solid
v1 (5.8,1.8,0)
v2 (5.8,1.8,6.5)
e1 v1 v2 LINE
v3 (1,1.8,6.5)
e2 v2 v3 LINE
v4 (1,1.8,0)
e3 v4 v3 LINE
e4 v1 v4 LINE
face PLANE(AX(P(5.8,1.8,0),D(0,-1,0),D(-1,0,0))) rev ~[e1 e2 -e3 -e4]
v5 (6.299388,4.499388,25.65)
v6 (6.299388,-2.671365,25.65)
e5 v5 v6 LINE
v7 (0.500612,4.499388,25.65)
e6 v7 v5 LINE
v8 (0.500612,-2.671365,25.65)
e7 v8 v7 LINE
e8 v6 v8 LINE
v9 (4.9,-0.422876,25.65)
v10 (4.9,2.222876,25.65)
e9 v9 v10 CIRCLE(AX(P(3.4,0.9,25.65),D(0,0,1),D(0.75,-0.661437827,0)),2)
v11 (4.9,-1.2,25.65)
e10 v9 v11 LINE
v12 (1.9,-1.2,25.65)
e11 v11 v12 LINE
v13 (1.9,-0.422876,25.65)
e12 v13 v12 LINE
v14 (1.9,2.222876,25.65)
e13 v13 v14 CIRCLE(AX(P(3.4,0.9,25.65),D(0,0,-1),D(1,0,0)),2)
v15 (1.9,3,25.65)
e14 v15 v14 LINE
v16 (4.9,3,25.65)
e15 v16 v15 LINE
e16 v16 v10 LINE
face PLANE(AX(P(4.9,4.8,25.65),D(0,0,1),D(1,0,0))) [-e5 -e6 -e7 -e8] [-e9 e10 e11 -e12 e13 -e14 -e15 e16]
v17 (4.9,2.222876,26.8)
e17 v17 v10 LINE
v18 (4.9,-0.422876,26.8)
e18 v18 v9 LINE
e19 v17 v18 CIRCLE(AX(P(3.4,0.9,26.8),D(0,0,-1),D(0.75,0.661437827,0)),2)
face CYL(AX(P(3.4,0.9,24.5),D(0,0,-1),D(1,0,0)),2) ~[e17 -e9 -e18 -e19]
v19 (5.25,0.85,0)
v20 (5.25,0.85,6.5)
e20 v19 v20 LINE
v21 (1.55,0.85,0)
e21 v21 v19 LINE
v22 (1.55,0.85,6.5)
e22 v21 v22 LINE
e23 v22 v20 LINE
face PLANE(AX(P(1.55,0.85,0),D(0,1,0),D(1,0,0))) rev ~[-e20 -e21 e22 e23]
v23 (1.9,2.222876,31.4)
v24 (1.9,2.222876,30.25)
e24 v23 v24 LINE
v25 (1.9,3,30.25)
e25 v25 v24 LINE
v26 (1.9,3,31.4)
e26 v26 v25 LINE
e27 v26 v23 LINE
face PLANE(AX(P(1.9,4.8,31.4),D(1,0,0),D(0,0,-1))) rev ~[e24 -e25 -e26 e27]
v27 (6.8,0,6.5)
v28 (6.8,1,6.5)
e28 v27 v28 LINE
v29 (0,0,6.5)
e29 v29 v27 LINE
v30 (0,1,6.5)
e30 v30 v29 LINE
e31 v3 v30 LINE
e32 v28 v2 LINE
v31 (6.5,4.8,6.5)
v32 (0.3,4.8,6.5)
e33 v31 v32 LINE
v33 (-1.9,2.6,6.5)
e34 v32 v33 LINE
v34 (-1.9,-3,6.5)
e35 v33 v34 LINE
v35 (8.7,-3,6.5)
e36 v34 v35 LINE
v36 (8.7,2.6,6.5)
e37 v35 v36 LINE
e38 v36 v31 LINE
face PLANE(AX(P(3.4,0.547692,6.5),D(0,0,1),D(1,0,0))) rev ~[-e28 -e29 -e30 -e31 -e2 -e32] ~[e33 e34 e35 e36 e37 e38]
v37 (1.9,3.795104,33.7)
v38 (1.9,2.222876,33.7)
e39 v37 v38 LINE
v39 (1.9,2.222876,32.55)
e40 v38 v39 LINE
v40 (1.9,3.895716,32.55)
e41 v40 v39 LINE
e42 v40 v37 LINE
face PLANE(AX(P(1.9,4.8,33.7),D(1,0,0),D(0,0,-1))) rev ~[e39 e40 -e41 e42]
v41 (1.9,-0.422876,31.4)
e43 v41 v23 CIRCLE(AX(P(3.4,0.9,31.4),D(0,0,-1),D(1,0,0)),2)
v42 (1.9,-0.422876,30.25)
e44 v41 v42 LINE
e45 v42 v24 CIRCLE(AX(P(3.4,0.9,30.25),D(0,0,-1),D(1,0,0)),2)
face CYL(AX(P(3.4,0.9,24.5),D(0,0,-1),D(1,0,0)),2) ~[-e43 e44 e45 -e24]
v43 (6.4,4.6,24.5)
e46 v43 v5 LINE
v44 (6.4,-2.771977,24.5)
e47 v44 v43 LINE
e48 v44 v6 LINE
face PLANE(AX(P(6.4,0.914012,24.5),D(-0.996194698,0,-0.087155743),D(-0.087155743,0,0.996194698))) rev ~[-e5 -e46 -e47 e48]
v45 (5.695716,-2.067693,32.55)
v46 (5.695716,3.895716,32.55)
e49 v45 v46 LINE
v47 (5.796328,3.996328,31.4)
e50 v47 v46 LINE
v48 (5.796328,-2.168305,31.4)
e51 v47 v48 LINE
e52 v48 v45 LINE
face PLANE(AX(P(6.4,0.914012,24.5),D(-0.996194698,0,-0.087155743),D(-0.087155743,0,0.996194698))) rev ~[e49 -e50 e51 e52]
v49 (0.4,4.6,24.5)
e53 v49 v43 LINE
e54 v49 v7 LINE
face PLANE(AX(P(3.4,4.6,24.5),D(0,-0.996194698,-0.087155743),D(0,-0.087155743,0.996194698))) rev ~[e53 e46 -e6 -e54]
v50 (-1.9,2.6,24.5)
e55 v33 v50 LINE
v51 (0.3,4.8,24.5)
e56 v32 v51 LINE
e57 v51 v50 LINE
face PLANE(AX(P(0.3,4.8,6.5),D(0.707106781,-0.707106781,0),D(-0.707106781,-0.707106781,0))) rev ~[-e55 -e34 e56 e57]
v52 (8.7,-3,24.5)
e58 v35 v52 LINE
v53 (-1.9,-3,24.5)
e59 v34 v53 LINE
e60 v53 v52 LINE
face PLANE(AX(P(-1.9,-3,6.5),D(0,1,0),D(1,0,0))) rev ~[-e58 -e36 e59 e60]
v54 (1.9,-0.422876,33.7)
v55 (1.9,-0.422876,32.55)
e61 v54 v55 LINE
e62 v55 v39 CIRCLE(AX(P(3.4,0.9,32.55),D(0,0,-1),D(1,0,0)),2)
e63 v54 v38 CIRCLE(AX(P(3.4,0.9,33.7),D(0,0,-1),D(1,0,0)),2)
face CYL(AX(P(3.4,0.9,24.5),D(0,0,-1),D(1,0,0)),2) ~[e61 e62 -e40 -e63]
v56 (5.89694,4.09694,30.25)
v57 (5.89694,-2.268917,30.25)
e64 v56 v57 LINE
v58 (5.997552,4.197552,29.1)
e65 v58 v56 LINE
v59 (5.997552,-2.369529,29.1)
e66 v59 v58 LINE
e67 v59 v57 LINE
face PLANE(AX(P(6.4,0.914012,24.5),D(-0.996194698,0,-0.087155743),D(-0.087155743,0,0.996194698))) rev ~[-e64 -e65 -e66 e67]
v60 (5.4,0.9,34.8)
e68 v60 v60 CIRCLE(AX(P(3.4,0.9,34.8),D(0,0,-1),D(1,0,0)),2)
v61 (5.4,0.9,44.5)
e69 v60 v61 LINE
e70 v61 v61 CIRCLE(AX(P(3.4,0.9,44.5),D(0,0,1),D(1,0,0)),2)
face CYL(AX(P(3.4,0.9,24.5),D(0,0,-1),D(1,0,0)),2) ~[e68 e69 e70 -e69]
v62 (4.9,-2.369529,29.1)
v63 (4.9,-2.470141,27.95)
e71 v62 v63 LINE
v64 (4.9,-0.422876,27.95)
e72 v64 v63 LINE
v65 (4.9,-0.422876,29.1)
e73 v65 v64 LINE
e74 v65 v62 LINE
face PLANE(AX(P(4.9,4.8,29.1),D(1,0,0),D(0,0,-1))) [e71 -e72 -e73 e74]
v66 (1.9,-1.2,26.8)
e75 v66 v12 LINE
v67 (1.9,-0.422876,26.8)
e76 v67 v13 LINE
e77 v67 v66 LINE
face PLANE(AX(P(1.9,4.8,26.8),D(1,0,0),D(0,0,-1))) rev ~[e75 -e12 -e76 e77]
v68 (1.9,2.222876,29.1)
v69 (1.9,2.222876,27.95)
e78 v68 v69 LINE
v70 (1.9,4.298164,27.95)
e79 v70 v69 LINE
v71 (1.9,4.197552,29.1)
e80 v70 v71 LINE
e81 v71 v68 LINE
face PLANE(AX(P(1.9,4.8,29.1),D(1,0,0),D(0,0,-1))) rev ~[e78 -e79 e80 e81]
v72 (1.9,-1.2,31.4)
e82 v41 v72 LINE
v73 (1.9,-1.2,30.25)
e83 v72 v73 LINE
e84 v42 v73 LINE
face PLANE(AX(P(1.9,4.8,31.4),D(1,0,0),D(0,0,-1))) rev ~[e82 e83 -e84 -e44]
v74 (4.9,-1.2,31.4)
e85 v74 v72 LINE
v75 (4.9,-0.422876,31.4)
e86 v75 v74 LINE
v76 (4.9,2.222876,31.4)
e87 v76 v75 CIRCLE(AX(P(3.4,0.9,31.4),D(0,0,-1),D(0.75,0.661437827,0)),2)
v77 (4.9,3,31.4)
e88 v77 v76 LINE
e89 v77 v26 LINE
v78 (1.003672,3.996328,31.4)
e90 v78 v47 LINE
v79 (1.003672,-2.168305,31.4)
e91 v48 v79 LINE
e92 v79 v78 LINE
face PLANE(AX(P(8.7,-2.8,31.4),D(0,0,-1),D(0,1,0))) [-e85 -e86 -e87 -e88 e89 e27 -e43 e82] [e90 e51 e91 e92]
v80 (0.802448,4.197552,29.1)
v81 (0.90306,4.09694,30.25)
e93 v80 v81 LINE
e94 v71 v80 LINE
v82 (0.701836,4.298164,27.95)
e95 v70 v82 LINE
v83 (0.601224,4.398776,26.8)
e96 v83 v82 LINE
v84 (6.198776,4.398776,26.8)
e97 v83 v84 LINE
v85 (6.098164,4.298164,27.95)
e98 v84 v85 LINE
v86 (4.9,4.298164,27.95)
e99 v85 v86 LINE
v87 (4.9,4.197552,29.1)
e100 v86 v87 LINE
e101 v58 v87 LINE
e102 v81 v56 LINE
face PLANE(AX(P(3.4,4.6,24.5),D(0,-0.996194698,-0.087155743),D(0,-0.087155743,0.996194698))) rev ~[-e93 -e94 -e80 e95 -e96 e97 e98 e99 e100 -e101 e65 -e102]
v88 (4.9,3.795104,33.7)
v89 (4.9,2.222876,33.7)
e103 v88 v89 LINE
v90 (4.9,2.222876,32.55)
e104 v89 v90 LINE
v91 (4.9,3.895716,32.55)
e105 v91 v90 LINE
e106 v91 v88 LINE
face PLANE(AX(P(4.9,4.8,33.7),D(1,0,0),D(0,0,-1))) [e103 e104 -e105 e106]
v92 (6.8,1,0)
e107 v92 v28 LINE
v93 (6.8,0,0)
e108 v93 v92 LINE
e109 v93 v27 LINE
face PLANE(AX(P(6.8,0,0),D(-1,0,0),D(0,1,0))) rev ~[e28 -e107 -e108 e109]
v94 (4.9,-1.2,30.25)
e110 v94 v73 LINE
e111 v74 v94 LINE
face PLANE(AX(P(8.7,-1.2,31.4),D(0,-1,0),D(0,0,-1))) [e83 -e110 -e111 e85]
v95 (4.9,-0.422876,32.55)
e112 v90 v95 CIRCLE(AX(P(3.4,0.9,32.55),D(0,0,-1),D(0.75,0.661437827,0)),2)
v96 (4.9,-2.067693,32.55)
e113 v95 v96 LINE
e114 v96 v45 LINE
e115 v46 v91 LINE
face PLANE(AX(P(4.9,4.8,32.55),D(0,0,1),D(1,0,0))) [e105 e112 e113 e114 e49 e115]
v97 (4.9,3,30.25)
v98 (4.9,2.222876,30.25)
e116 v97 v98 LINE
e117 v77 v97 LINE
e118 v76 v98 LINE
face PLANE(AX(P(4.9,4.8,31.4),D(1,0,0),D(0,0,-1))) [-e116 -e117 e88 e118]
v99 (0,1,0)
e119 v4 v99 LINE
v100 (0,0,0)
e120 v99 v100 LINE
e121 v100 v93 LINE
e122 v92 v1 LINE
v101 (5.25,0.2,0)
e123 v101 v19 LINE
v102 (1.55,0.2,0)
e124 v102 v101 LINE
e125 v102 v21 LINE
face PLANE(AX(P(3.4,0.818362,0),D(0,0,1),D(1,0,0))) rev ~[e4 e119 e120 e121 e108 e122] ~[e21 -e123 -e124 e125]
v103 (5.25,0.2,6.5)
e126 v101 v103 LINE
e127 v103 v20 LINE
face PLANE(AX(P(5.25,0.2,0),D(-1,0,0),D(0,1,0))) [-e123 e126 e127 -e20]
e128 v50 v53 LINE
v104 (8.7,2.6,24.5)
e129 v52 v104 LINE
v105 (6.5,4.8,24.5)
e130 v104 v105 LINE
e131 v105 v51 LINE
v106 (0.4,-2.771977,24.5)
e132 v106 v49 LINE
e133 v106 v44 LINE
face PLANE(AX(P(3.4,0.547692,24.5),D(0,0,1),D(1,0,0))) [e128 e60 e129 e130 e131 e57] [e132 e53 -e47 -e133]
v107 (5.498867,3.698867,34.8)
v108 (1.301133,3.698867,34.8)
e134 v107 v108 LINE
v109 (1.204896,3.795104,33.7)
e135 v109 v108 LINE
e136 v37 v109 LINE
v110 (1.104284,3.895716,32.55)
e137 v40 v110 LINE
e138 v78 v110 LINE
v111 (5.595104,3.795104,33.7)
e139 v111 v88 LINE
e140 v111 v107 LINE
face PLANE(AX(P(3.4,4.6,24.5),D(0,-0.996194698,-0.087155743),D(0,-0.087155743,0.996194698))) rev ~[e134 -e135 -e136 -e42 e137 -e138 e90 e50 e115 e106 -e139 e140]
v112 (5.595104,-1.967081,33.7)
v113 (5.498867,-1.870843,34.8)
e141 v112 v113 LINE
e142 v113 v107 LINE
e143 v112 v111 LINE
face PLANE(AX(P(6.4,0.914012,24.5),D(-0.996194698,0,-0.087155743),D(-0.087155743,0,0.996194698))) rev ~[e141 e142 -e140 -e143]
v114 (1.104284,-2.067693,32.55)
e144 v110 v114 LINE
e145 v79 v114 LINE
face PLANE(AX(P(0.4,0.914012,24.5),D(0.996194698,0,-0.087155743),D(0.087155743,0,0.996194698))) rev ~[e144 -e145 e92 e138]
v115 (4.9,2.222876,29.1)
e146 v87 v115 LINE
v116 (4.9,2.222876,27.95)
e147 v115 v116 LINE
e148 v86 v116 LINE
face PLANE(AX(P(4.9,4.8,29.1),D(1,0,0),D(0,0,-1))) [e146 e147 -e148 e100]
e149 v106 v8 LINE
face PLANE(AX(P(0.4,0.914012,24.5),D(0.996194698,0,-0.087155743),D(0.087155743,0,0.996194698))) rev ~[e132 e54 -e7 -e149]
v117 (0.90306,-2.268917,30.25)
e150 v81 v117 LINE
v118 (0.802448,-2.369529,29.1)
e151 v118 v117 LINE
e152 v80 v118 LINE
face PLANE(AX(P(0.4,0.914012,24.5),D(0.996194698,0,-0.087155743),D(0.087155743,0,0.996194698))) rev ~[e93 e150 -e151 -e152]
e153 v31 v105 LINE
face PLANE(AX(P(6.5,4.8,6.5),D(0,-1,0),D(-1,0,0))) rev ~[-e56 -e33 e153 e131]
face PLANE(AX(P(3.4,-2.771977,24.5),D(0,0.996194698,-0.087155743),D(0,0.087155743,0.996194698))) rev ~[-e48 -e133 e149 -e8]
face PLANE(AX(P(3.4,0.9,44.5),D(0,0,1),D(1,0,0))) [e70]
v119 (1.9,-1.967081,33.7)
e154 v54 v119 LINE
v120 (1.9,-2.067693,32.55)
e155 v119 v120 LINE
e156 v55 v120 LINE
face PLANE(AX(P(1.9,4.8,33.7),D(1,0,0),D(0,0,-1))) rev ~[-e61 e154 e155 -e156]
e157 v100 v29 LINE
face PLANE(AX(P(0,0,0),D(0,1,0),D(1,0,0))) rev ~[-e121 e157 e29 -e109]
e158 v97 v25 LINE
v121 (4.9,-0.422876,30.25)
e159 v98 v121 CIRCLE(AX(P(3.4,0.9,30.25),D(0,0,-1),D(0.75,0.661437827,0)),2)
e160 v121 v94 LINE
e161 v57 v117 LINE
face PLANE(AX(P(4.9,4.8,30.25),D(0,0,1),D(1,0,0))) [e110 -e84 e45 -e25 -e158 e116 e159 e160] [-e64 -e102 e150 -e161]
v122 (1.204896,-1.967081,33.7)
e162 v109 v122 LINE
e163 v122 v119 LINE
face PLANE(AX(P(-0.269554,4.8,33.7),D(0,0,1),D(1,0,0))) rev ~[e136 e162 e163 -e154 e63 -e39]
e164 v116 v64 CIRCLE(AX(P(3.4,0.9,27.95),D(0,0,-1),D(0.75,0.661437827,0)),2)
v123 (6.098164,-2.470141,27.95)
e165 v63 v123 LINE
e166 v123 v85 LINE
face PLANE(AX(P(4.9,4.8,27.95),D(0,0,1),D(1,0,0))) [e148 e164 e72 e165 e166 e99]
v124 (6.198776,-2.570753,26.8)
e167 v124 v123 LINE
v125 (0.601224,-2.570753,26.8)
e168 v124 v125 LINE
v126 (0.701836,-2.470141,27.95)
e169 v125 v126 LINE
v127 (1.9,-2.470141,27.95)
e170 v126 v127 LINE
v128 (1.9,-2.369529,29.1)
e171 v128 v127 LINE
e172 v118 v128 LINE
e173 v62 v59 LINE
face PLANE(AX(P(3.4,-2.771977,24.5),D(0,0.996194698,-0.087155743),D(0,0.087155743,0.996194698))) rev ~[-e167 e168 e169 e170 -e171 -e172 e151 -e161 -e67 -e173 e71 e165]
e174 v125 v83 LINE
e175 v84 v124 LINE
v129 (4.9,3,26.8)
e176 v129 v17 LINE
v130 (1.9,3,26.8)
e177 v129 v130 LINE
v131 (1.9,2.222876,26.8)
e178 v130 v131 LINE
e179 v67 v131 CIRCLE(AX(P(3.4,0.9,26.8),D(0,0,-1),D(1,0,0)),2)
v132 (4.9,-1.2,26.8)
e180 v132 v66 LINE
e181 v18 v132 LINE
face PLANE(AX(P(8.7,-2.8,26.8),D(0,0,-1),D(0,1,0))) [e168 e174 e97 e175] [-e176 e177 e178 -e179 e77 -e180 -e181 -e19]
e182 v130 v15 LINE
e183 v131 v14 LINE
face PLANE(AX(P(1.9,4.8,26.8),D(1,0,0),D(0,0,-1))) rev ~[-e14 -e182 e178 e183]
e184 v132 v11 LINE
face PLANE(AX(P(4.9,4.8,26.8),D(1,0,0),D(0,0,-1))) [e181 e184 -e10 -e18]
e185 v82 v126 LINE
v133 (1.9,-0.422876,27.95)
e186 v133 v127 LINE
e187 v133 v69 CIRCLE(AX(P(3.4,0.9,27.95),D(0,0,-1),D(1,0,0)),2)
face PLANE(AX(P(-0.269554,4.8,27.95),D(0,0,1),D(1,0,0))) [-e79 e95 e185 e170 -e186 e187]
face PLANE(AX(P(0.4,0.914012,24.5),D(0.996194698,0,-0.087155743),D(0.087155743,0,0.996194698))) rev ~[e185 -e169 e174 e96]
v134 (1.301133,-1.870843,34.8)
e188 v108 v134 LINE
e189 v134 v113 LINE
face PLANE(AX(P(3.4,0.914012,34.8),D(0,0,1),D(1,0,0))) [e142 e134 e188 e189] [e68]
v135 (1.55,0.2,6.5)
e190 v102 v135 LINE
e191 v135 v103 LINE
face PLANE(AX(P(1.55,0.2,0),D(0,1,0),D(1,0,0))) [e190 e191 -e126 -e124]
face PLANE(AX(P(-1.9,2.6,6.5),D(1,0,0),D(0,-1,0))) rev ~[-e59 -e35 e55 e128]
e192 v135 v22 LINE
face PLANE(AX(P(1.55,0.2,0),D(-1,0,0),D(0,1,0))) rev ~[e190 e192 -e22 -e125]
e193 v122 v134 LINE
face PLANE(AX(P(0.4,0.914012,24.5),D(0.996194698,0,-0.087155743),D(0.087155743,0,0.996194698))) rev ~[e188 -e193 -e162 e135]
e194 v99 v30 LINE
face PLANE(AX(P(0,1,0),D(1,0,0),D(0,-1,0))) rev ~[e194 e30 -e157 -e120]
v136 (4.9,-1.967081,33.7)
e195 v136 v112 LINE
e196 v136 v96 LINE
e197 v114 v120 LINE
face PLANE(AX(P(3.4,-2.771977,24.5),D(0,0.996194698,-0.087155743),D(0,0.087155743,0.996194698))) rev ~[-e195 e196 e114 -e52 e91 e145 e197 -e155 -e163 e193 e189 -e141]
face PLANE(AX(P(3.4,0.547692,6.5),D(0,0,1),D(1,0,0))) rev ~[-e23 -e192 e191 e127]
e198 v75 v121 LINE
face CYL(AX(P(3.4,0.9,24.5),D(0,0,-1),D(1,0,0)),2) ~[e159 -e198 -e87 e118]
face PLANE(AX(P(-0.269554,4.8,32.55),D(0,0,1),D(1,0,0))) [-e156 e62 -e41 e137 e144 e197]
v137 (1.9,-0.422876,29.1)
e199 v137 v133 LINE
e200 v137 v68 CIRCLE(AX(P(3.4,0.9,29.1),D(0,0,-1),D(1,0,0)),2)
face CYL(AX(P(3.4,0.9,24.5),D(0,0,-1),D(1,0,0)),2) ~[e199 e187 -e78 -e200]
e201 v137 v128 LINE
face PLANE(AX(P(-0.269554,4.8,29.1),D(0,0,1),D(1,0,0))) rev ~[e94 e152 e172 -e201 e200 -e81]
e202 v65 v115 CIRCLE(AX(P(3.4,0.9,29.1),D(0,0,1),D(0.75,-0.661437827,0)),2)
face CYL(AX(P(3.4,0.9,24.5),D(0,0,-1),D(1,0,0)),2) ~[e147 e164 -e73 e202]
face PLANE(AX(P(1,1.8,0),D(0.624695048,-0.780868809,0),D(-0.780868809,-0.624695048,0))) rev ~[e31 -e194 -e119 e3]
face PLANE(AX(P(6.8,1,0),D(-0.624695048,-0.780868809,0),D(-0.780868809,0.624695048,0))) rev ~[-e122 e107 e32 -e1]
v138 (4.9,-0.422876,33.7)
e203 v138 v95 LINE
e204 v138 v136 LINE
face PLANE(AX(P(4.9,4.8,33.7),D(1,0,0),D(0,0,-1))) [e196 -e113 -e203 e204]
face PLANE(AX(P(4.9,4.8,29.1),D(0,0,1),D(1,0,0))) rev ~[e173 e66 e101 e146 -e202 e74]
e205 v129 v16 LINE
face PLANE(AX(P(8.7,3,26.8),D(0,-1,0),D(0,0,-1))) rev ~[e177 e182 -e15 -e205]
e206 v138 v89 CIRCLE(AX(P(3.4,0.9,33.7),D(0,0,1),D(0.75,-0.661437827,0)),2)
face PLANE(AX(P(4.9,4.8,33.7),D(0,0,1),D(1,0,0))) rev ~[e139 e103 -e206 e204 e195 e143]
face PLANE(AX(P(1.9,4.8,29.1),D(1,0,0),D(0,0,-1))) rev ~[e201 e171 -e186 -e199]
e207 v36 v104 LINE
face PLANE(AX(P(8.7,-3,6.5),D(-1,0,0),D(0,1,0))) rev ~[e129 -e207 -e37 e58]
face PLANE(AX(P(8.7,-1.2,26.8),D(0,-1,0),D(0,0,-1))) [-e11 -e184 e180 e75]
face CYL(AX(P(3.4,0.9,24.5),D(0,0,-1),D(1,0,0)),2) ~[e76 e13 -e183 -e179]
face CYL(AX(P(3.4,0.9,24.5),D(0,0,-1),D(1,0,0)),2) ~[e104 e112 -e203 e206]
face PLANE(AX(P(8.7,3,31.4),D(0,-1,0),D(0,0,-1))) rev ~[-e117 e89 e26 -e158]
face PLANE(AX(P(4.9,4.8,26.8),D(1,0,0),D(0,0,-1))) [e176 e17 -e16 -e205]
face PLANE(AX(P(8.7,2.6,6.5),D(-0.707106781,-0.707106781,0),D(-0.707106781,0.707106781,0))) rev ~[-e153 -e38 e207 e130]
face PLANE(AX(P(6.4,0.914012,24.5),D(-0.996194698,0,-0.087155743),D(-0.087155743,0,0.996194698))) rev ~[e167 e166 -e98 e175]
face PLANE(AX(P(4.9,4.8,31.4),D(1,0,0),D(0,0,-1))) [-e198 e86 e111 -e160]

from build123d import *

# Parameters (mm, degrees)
SKETCH1_W           = 3.7
SKETCH1_H           = 0.65
BOSS_EXTRUDE1_DEPTH = 6.5
SKETCH2_W           = 3.7
SKETCH2_H           = 0.65
BOSS_EXTRUDE2_DEPTH = 18
SKETCH5_W           = 6
SKETCH5_H           = 7.371976581
BOSS_EXTRUDE4_DEPTH = 10.3
BOSS_EXTRUDE4_TAPER = 5
SKETCH7_W           = 2.169554373
SKETCH7_H           = 1.15
CUT_EXTRUDE1_DEPTH  = 10.3
SKETCH9_W           = 1.15
SKETCH9_H           = 1.6
CUT_EXTRUDE2_DEPTH  = 10.3
SKETCH3_R           = 2
BOSS_EXTRUDE3_DEPTH = 20


with BuildPart() as part:
    # Sketch1 → Boss-Extrude1 (new body)
    with BuildSketch(Plane.XY):
        Polygon((1, 1.8), (0, 1), (0, 0), (6.8, 0), (6.8, 1), (5.8, 1.8), align=None)
        with Locations((3.4, 0.525)):
            Rectangle(SKETCH1_W, SKETCH1_H, mode=Mode.SUBTRACT)
    extrude(amount=BOSS_EXTRUDE1_DEPTH)

    # Sketch2 → Boss-Extrude2 (add)
    with BuildSketch(Plane.XY.offset(6.5)):
        Polygon((6.5, 4.8), (0.3, 4.8), (-1.9, 2.6), (-1.9, -3), (8.7, -3), (8.7, 2.6), align=None)
        Polygon((5.8, 1.8), (6.8, 1), (6.8, 0), (0, 0), (0, 1), (1, 1.8), align=None, mode=Mode.SUBTRACT)
        Polygon((6.8, 0), (6.8, 1), (5.8, 1.8), (1, 1.8), (0, 1), (0, 0), align=None)
        with Locations((3.4, 0.525)):
            Rectangle(SKETCH2_W, SKETCH2_H, mode=Mode.SUBTRACT)
        with Locations((3.4, 0.525)):
            Rectangle(SKETCH2_W, SKETCH2_H)
    extrude(amount=BOSS_EXTRUDE2_DEPTH)

    # Sketch5 → Boss-Extrude4 (add)
    with BuildSketch(Plane.XY.offset(24.5)):
        with Locations((3.4, 0.91401171)):
            Rectangle(SKETCH5_W, SKETCH5_H)
    extrude(amount=BOSS_EXTRUDE4_DEPTH, taper=BOSS_EXTRUDE4_TAPER)

    # Sketch7 → Cut-Extrude1 (cut)
    with BuildSketch(Plane(origin=(0, 4.8, 0), x_dir=(1, 0, 0), z_dir=(0, 1, 0))):
        Polygon((1.9, -25.65), (0.3, -25.65), (-0.269554373, -25.65), (-0.269554373, -26.8), (1.9, -26.8), align=None)
        with Locations((0.815222814, -28.525)):
            Rectangle(SKETCH7_W, SKETCH7_H)
        with Locations((0.815222814, -30.825)):
            Rectangle(SKETCH7_W, SKETCH7_H)
        with Locations((0.815222814, -33.125)):
            Rectangle(SKETCH7_W, SKETCH7_H)
        with Locations((5.984777187, -26.225)):
            Rectangle(SKETCH7_W, SKETCH7_H)
        with Locations((5.984777187, -28.525)):
            Rectangle(SKETCH7_W, SKETCH7_H)
        with Locations((5.984777187, -30.825)):
            Rectangle(SKETCH7_W, SKETCH7_H)
        with Locations((5.984777187, -33.125)):
            Rectangle(SKETCH7_W, SKETCH7_H)
    extrude(amount=-CUT_EXTRUDE1_DEPTH, mode=Mode.SUBTRACT)

    # Sketch9 → Cut-Extrude2 (cut)
    with BuildSketch(Plane(origin=(8.7, 0, 0), x_dir=(0, 0, -1), z_dir=(1, 0, 0))):
        with Locations((-26.225, 3.8)):
            Rectangle(SKETCH9_W, SKETCH9_H)
        with Locations((-30.825, 3.8)):
            Rectangle(SKETCH9_W, SKETCH9_H)
        with Locations((-26.225, -2)):
            Rectangle(SKETCH9_W, SKETCH9_H)
        with Locations((-30.825, -2)):
            Rectangle(SKETCH9_W, SKETCH9_H)
    extrude(amount=-CUT_EXTRUDE2_DEPTH, mode=Mode.SUBTRACT)

    # Sketch3 → Boss-Extrude3 (add)
    with BuildSketch(Plane.XY.offset(24.5)):
        with Locations((3.4, 0.9)):
            Circle(SKETCH3_R)
    extrude(amount=BOSS_EXTRUDE3_DEPTH)


solid = part.part
